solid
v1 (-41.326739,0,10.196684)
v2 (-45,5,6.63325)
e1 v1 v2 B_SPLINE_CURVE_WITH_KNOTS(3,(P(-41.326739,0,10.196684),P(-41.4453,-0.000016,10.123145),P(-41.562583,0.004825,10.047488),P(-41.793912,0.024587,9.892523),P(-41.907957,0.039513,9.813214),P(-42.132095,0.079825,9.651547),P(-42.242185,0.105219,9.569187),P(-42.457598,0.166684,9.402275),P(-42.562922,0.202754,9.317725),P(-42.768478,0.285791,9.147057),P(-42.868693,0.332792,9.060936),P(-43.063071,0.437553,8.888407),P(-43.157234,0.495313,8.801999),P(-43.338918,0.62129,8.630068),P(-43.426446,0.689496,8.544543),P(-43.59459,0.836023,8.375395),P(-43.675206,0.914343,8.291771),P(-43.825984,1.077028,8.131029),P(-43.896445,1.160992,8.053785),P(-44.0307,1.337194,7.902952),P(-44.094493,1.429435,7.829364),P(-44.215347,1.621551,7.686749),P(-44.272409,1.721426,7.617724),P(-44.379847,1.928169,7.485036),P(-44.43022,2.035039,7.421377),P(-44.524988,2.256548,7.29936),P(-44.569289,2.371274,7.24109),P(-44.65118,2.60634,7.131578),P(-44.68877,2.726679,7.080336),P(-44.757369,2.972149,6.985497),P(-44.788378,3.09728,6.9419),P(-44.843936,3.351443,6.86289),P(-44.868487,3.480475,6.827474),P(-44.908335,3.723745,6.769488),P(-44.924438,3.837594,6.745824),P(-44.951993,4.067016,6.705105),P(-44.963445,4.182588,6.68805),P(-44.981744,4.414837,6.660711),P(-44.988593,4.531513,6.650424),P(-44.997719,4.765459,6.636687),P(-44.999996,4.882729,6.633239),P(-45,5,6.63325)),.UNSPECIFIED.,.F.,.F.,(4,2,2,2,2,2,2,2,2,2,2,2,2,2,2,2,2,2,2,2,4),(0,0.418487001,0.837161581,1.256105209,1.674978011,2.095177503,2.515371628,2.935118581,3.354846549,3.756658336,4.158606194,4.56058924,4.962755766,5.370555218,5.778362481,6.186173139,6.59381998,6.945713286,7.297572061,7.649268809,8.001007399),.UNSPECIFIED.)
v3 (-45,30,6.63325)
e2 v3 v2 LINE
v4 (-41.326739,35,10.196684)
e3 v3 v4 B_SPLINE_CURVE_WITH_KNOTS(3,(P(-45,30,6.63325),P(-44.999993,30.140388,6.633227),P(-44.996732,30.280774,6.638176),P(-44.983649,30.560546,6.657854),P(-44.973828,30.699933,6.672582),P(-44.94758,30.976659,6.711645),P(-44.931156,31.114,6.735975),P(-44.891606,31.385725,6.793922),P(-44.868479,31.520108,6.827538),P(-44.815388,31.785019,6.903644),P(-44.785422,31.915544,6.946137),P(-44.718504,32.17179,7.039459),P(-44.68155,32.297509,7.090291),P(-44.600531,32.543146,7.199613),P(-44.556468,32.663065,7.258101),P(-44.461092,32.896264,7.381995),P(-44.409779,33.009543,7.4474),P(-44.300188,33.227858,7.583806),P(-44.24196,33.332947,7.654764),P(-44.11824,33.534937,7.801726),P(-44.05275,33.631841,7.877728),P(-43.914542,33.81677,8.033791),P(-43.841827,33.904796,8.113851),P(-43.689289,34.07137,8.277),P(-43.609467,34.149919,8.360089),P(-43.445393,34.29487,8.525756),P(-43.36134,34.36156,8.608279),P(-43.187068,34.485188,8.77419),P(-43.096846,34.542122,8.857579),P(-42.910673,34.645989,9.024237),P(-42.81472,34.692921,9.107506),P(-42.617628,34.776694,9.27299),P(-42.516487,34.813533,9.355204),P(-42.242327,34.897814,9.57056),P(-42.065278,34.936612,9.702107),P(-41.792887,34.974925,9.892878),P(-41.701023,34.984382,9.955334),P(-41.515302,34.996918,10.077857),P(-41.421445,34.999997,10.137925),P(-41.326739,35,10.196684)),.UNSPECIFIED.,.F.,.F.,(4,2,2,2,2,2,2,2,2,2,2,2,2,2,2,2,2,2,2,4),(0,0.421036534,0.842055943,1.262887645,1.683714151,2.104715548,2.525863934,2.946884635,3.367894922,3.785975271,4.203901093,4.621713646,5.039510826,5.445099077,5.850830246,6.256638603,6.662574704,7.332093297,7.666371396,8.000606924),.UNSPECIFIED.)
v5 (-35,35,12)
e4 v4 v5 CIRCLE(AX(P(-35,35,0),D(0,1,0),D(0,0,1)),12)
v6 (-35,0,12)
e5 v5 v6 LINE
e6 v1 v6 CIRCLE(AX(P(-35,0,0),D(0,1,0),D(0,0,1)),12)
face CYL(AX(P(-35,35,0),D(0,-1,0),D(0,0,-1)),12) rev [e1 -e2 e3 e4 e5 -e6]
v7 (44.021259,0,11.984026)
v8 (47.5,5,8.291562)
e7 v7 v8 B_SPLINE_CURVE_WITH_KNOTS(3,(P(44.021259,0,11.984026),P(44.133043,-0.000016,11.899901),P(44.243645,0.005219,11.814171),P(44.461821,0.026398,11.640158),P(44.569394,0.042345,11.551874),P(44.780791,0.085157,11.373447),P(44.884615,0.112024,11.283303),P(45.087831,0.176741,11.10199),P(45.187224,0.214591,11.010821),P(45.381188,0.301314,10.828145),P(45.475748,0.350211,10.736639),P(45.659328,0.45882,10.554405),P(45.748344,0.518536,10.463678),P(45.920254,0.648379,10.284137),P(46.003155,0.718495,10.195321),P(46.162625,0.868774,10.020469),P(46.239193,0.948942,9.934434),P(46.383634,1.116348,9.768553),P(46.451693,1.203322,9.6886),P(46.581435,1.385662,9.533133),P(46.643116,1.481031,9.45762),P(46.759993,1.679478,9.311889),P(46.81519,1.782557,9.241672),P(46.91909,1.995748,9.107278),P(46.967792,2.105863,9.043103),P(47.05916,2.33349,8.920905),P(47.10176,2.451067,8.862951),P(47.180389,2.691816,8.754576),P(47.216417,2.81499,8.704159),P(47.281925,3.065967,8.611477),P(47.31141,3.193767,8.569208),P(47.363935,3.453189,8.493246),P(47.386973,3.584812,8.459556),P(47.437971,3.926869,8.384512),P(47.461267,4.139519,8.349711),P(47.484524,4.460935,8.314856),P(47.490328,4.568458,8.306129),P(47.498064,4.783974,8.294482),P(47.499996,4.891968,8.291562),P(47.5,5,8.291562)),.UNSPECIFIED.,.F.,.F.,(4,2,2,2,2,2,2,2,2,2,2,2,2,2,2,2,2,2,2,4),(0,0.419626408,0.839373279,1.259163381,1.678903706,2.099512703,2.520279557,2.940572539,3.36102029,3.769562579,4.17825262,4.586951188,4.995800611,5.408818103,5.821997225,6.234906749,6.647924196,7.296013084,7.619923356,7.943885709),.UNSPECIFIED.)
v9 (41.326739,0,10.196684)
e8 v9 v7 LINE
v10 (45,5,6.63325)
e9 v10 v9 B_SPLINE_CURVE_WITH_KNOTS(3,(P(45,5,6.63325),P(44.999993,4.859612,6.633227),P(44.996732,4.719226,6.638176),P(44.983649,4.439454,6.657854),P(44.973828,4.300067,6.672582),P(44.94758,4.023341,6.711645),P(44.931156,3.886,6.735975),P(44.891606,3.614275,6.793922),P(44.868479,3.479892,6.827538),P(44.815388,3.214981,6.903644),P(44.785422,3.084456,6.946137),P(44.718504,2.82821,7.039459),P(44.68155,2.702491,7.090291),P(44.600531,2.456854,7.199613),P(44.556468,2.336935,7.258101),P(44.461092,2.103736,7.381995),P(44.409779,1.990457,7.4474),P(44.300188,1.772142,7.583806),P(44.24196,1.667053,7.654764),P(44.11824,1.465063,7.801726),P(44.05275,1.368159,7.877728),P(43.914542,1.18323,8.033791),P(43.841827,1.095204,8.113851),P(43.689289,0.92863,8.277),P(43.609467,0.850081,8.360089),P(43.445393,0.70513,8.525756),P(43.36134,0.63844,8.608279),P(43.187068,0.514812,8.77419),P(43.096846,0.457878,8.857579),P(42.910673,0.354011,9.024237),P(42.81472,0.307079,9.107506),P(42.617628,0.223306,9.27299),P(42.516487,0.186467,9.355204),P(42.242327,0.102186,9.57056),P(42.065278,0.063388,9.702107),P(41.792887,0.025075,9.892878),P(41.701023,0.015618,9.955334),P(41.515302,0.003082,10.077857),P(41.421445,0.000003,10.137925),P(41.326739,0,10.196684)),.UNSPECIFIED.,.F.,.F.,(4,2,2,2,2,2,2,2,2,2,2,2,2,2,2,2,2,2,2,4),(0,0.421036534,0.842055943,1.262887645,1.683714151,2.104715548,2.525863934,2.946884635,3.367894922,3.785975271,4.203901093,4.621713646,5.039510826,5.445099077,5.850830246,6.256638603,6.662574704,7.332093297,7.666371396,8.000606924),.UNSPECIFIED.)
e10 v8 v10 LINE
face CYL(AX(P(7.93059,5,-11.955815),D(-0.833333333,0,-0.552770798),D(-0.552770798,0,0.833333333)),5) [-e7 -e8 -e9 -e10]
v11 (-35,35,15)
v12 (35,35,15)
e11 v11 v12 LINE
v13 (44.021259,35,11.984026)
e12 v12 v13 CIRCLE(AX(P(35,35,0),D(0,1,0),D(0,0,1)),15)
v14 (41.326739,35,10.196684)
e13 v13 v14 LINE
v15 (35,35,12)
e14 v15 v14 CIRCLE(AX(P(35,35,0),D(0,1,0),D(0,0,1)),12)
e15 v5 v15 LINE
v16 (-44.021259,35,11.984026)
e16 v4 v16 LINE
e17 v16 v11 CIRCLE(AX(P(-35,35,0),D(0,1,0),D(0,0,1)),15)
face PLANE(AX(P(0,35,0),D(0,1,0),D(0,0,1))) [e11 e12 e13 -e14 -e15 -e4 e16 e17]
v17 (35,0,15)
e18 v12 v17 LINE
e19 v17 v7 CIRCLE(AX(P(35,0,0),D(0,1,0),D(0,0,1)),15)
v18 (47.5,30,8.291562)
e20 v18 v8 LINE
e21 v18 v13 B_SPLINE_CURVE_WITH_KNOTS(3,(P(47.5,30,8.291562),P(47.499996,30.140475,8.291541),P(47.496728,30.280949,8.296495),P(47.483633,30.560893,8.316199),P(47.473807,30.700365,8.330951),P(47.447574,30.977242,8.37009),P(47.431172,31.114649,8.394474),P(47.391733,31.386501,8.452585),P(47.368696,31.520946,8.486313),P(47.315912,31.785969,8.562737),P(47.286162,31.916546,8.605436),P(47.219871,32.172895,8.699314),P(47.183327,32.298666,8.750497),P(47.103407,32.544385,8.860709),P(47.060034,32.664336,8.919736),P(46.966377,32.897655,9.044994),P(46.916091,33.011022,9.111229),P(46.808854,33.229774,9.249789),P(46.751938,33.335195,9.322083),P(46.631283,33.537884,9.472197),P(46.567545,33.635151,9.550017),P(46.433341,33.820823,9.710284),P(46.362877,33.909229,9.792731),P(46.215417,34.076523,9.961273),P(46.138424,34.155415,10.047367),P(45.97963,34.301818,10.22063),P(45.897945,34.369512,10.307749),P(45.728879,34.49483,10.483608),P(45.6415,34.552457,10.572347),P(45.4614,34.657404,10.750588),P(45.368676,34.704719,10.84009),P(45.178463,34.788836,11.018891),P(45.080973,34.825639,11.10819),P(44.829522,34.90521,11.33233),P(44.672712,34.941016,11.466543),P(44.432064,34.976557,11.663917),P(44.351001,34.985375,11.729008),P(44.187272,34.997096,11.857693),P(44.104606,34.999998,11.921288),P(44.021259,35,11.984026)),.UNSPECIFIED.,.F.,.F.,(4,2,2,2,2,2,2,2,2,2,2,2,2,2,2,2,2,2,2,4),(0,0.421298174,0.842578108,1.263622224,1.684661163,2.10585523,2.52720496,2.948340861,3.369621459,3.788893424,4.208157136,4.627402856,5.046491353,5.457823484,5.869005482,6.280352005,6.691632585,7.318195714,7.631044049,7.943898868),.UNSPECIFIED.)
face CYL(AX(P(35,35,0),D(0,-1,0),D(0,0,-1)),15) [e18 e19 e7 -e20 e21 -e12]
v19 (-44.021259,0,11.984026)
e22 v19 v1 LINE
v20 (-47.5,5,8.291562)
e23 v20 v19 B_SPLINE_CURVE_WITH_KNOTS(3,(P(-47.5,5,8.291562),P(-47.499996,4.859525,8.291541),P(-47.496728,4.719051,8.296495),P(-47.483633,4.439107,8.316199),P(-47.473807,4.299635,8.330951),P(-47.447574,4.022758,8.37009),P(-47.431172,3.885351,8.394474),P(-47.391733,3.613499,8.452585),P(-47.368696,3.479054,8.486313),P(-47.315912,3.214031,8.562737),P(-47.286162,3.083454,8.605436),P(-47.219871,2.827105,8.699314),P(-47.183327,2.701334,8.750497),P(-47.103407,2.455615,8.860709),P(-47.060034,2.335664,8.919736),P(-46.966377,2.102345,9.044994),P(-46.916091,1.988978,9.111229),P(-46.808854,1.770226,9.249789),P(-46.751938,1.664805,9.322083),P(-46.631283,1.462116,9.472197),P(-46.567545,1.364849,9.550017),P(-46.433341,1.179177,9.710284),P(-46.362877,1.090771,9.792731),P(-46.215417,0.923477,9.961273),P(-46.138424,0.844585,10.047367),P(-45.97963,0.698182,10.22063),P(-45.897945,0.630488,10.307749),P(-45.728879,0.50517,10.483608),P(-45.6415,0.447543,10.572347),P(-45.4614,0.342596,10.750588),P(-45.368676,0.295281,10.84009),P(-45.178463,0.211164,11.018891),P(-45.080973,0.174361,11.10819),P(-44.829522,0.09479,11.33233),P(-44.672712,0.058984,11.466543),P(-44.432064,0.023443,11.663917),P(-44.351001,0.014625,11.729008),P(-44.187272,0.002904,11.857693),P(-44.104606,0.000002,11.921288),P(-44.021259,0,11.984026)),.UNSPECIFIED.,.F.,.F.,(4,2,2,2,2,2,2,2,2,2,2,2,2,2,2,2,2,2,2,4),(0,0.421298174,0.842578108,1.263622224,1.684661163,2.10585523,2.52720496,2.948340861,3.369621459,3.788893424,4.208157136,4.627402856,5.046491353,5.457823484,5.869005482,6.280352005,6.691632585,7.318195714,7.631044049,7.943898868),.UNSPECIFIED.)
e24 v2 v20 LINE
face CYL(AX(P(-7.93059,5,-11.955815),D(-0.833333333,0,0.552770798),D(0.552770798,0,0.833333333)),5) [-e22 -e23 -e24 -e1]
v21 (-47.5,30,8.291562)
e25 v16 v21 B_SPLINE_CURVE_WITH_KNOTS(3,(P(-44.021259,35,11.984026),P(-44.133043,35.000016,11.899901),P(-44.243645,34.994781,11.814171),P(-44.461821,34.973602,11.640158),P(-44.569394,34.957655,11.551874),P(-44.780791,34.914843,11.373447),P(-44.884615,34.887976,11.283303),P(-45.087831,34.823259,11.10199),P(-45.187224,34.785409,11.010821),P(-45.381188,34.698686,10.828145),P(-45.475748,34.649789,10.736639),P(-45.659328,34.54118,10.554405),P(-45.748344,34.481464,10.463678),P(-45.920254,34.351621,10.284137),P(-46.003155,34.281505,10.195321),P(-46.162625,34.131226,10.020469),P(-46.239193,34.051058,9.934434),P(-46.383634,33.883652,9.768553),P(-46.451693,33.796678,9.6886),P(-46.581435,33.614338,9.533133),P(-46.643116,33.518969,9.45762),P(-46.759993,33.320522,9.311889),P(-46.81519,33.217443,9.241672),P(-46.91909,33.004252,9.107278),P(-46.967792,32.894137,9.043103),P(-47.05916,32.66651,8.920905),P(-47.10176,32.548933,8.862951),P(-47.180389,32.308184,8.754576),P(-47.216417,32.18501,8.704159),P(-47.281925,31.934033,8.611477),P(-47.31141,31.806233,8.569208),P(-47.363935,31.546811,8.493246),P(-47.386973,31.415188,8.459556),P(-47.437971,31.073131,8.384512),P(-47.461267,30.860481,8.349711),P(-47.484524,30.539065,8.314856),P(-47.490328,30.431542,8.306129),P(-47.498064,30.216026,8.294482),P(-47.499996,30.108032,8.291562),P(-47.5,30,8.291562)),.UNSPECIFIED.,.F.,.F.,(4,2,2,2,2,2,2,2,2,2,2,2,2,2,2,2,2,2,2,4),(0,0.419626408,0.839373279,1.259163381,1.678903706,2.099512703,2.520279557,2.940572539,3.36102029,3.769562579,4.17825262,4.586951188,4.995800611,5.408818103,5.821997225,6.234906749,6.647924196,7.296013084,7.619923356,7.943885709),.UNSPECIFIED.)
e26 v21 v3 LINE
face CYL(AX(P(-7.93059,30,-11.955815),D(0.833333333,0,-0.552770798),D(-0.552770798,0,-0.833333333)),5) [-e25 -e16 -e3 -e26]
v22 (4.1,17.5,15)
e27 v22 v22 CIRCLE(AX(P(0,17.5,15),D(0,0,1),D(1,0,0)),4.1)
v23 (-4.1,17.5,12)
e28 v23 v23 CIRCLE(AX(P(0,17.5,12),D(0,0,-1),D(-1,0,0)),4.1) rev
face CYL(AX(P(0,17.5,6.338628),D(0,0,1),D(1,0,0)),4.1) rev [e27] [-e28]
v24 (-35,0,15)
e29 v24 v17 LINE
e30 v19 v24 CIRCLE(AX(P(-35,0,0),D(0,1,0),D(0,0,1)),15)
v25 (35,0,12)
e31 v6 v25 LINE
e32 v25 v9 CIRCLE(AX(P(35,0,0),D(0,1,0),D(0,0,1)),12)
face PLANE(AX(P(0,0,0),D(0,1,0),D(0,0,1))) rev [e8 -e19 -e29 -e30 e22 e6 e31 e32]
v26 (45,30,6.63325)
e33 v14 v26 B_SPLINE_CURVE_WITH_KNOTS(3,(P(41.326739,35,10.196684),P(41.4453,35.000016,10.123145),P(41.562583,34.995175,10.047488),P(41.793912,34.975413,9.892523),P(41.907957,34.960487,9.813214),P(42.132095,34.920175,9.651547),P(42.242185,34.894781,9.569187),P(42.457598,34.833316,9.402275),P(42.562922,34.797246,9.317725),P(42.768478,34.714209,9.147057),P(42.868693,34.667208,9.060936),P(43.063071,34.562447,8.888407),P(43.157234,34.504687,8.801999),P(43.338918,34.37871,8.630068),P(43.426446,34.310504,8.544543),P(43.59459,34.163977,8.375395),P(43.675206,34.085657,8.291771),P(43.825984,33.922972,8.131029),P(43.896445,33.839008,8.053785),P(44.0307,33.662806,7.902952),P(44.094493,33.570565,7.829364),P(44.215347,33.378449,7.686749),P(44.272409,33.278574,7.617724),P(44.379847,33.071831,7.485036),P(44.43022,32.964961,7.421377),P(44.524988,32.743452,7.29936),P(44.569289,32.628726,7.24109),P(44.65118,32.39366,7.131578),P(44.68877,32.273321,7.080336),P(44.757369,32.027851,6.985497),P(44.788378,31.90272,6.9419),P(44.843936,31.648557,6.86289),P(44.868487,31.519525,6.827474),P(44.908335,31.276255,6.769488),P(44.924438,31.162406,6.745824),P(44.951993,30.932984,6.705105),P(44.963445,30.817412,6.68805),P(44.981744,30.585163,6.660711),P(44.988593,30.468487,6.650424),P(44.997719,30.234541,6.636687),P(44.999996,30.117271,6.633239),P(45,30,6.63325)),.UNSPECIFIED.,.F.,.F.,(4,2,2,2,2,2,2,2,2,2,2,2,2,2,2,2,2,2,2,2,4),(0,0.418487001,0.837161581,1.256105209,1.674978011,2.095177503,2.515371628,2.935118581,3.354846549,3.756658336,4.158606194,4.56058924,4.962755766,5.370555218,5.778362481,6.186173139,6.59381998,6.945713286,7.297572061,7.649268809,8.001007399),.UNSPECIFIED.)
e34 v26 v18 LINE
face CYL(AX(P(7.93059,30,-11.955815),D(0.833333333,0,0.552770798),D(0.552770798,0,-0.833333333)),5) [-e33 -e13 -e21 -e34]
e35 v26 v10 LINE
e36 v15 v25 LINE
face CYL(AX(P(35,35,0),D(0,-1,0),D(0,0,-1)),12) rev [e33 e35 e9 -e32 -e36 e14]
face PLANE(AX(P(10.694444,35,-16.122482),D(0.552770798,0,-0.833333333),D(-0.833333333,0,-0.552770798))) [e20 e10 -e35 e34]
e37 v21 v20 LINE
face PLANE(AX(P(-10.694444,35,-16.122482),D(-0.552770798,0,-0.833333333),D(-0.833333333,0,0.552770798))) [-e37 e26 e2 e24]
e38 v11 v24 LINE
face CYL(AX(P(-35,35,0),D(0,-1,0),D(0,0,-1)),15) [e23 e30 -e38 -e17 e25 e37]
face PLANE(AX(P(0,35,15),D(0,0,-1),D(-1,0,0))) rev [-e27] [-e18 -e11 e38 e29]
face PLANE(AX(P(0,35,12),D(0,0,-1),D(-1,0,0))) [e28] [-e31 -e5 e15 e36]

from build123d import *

# Parameters (mm, degrees)
BOSS_EXTRUDE1_DEPTH = 35
FILLET1_R           = 5
CUT_EXTRUDE1_REACH  = 61.592
SKETCH2_R           = 4.1


with BuildPart() as part:
    # Sketch1 → Boss-Extrude1 (new body)
    with BuildSketch(Plane(origin=(0, 0, 0), x_dir=(1, 0, 0), z_dir=(0, 1, 0))):
        with BuildLine():
            ThreePointArc((-35, -12), (-40.674548662, -10.573528147), (-45, -6.633249581))
            Line((-45, -6.633249581), (-47.5, -8.291561976))
            ThreePointArc((-47.5, -8.291561976), (-42.093185827, -13.216910184), (-35, -15))
            Line((-35, -15), (35, -15))
            ThreePointArc((35, -15), (42.093185827, -13.216910184), (47.5, -8.291561976))
            Line((47.5, -8.291561976), (45, -6.633249581))
            ThreePointArc((45, -6.633249581), (40.674548662, -10.573528147), (35, -12))
            Line((35, -12), (-35, -12))
        make_face()
    extrude(amount=BOSS_EXTRUDE1_DEPTH)

    # Fillet1
    fillet1_edges = [part.edges().sort_by_distance(p)[0] for p in [
        (46.25, 0, 7.462405778),
        (-46.25, 0, 7.462405778),
        (46.25, 35, 7.462405778),
        (-46.25, 35, 7.462405778),
    ]]
    fillet(fillet1_edges, radius=FILLET1_R)

    # Sketch2 → Cut-Extrude1 (cut, up to next)
    with BuildSketch(Plane.XY.offset(15), mode=Mode.PRIVATE) as cut_extrude1_sk1:
        with Locations((0, 17.5)):
            Circle(SKETCH2_R)
    cut_extrude1_tool1 = extrude(cut_extrude1_sk1.sketch, amount=-CUT_EXTRUDE1_REACH, mode=Mode.PRIVATE) & part.part
    add(cut_extrude1_tool1.solids().sort_by_distance((0, 17.5, 15))[0], mode=Mode.SUBTRACT)


solid = part.part
